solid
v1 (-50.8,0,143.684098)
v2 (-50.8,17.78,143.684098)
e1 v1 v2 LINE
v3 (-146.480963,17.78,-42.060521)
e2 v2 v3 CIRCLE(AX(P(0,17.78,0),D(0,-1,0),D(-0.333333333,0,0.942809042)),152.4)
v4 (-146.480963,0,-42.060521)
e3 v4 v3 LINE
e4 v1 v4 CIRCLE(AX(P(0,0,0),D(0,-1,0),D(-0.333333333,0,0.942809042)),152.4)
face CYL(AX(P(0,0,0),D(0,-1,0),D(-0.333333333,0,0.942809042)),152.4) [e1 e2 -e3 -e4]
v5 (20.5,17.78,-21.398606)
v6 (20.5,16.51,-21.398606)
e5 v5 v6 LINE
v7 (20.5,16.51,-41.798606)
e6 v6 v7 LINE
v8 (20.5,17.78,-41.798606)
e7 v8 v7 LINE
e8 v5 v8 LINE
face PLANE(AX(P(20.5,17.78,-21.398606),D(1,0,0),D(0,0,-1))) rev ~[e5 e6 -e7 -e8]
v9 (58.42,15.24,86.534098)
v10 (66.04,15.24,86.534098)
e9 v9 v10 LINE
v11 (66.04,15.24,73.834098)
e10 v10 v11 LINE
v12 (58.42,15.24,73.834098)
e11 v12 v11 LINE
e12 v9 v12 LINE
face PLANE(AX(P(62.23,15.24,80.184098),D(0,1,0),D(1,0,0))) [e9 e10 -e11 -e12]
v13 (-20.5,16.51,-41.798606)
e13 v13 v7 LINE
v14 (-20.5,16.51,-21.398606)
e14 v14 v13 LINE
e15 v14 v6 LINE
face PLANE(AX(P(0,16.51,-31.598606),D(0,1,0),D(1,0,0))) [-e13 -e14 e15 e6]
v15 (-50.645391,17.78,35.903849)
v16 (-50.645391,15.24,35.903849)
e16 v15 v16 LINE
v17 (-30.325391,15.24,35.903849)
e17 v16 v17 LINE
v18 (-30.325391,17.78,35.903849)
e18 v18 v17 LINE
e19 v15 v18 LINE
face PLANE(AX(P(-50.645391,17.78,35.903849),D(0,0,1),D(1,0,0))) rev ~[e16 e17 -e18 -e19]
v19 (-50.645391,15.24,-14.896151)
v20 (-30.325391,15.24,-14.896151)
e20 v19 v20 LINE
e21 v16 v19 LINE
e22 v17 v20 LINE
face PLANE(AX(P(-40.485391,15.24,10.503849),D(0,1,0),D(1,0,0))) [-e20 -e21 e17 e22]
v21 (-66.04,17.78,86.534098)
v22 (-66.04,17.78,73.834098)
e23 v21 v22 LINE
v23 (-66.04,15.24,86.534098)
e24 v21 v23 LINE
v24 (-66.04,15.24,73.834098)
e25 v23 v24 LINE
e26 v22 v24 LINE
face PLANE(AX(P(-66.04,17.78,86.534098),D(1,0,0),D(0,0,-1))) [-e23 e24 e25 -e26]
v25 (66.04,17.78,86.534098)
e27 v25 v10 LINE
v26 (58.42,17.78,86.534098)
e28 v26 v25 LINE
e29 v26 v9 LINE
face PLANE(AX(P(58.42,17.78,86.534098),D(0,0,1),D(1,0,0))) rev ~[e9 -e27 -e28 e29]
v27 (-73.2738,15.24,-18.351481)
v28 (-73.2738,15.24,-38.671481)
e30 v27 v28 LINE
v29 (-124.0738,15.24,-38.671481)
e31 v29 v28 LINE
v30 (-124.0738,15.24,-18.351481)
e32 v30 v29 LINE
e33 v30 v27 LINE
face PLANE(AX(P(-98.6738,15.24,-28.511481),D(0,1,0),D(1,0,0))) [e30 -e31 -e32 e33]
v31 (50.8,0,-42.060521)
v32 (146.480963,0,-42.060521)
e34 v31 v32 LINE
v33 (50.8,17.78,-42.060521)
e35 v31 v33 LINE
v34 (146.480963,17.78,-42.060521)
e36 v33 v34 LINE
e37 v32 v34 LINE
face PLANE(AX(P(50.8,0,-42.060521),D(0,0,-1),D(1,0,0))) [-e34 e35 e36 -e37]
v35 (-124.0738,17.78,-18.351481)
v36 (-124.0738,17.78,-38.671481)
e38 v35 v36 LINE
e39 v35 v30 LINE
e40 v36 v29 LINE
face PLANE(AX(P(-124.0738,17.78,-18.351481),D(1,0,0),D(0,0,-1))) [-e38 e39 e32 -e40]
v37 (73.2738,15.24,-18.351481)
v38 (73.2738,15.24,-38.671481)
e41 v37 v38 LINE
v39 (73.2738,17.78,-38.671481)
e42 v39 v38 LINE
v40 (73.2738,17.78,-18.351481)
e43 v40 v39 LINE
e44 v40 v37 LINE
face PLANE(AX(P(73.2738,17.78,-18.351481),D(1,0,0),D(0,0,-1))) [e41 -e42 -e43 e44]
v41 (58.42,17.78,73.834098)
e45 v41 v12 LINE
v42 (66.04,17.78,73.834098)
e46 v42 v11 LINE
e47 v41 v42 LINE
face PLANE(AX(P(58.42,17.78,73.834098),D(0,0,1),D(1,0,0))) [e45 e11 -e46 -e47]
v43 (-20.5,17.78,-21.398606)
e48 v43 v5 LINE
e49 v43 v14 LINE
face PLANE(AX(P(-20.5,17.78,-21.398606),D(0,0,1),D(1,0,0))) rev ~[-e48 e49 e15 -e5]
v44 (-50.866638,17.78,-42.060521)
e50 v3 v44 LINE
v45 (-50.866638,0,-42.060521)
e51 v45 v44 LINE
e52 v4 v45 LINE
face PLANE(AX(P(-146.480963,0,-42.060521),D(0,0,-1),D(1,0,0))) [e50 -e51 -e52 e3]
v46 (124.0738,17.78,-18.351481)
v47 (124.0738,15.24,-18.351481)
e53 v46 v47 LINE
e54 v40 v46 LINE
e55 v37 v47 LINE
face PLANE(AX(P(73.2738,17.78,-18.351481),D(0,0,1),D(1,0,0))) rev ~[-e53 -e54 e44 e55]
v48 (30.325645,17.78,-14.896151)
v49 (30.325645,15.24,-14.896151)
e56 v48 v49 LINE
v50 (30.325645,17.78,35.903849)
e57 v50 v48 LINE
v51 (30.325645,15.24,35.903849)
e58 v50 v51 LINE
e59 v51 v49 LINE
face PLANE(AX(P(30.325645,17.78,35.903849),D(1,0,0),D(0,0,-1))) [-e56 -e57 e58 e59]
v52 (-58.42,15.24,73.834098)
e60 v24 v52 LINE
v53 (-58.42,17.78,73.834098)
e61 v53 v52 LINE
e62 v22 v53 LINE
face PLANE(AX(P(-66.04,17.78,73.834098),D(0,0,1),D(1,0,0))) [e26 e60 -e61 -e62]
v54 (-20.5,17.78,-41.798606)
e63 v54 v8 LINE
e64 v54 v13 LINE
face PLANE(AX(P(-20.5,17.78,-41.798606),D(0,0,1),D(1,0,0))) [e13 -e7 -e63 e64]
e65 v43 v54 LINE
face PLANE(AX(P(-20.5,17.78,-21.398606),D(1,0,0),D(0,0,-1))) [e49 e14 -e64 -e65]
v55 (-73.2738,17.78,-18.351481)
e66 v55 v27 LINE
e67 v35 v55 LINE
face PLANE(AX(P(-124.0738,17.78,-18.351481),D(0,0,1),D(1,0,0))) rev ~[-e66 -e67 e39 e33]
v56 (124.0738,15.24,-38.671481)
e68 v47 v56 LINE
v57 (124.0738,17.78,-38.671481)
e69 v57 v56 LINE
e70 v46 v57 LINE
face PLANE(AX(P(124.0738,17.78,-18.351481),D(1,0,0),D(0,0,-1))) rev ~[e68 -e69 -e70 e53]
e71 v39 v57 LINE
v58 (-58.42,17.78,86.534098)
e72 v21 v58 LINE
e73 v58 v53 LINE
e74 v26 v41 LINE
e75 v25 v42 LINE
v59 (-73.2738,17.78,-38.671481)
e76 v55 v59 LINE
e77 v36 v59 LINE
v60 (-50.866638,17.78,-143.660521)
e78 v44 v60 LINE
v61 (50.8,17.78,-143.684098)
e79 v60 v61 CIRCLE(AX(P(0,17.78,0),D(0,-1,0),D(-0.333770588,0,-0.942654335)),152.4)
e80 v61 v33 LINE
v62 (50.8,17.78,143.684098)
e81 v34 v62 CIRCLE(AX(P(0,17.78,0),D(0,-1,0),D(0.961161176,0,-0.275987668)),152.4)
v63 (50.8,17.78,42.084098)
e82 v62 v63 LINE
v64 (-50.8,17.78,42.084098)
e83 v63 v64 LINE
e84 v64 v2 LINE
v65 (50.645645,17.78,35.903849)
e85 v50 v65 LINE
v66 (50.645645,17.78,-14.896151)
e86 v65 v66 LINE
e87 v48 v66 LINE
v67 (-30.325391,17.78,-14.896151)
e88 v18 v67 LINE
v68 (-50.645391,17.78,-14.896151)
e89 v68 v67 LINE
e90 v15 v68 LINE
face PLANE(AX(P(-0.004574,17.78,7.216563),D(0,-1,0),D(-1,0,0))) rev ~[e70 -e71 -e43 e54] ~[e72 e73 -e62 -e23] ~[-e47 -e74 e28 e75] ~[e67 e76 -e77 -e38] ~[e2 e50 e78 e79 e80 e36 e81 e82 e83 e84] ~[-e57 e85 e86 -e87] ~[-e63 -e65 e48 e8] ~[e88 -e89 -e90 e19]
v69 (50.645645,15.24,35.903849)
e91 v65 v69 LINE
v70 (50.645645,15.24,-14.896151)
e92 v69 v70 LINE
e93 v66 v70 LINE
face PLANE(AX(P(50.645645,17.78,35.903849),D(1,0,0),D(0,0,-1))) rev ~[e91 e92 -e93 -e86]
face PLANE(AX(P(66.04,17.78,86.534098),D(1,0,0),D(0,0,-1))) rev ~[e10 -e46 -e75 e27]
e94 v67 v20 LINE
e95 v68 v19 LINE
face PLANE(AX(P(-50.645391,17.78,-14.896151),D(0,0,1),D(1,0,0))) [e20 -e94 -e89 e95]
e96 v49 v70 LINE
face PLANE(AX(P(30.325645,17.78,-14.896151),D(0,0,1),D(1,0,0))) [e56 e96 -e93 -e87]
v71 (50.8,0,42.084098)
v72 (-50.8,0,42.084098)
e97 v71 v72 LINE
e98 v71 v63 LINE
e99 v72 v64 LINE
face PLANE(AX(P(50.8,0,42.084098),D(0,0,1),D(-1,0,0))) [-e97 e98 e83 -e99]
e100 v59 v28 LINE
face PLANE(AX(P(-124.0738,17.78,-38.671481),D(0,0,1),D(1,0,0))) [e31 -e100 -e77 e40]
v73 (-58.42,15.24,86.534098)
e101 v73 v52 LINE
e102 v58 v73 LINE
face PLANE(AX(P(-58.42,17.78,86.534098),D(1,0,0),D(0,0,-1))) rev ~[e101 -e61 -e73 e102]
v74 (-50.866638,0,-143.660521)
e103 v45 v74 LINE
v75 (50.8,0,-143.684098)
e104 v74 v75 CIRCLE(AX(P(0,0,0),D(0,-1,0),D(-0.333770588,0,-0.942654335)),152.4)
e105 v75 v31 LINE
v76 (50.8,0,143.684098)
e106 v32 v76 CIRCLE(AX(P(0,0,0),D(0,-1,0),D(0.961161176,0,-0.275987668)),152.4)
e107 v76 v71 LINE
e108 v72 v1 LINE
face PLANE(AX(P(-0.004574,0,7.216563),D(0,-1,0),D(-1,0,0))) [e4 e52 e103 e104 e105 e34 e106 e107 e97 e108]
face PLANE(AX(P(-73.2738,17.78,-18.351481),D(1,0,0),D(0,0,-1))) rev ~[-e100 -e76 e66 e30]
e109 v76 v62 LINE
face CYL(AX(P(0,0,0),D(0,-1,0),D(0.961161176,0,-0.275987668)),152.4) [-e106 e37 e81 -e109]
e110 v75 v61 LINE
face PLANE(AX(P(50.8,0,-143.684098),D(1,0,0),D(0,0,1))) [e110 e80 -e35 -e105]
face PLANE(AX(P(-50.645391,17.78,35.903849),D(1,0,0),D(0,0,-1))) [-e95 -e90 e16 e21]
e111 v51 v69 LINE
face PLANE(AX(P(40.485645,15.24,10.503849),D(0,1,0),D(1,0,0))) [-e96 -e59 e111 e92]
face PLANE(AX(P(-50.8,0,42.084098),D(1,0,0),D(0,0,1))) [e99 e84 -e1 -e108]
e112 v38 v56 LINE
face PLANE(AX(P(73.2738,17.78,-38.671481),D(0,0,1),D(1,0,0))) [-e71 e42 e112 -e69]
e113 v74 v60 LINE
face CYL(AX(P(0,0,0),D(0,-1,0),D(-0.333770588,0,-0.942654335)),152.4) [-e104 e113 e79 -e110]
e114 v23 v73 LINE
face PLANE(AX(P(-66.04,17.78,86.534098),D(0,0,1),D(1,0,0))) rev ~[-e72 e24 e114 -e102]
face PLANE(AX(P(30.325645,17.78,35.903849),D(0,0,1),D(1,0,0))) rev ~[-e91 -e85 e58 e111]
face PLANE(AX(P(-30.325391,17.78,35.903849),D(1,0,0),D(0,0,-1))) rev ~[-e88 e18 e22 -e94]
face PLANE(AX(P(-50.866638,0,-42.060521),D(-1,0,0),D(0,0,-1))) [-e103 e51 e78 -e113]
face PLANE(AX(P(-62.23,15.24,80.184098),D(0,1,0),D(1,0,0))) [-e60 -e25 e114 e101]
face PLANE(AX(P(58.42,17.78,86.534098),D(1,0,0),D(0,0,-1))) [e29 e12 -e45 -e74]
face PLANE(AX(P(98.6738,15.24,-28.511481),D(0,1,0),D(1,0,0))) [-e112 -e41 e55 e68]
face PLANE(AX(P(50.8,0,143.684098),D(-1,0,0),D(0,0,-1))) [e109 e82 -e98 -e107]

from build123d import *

# Parameters (mm, degrees)
BOSS_EXTRUDE1_DEPTH = 17.78
SKETCH2_W           = 41
SKETCH2_H           = 20.4
CUT_EXTRUDE1_DEPTH  = 1.27
SKETCH3_W           = 7.62
SKETCH3_H           = 12.7
CUT_EXTRUDE2_DEPTH  = 2.54
SKETCH4_W           = 50.8
SKETCH4_H           = 20.32
SKETCH4_W_2         = 20.32
SKETCH4_H_2         = 50.8
CUT_EXTRUDE3_DEPTH  = 2.54


with BuildPart() as part:
    # Sketch1 → Boss-Extrude1 (new body)
    with BuildSketch(Plane(origin=(0, 0, 0), x_dir=(1, 0, 0), z_dir=(0, 1, 0))):
        with BuildLine():
            Line((50.8, -42.084097937), (-50.8, -42.084097937))
            Line((-50.8, -42.084097937), (-50.8, -143.684097937))
            ThreePointArc((-50.8, -143.684097937), (-135.481402596, -69.789322613), (-146.480963287, 42.060520616))
            Line((-146.480963287, 42.060520616), (-50.866637556, 42.060520616))
            Line((-50.866637556, 42.060520616), (-50.866637556, 143.660520616))
            ThreePointArc((-50.866637556, 143.660520616), (-0.035342799, 152.399995902), (50.8, 143.684097937))
            Line((50.8, 143.684097937), (50.8, 42.060520616))
            Line((50.8, 42.060520616), (146.480963287, 42.060520616))
            ThreePointArc((146.480963287, 42.060520616), (135.481402596, -69.789322613), (50.8, -143.684097937))
            Line((50.8, -143.684097937), (50.8, -42.084097937))
        make_face()
    extrude(amount=BOSS_EXTRUDE1_DEPTH)

    # Sketch2 → Cut-Extrude1 (cut)
    with BuildSketch(Plane(origin=(0, 17.78, 0), x_dir=(1, 0, 0), z_dir=(0, 1, 0))):
        with Locations((0, 31.598605784)):
            Rectangle(SKETCH2_W, SKETCH2_H)
    extrude(amount=-CUT_EXTRUDE1_DEPTH, mode=Mode.SUBTRACT)

    # Sketch3 → Cut-Extrude2 (cut)
    with BuildSketch(Plane(origin=(0, 17.78, 0), x_dir=(1, 0, 0), z_dir=(0, 1, 0))):
        with Locations((-62.23, -80.184097937)):
            Rectangle(SKETCH3_W, SKETCH3_H)
        with Locations((62.23, -80.184097937)):
            Rectangle(SKETCH3_W, SKETCH3_H)
    extrude(amount=-CUT_EXTRUDE2_DEPTH, mode=Mode.SUBTRACT)

    # Sketch4 → Cut-Extrude3 (cut)
    with BuildSketch(Plane(origin=(0, 17.78, 0), x_dir=(1, 0, 0), z_dir=(0, 1, 0))):
        with Locations((-98.673800421, 28.511480762)):
            Rectangle(SKETCH4_W, SKETCH4_H)
        with Locations((98.673800421, 28.511480762)):
            Rectangle(SKETCH4_W, SKETCH4_H)
        with Locations((-40.485390627, -10.503849142)):
            Rectangle(SKETCH4_W_2, SKETCH4_H_2)
        with Locations((40.485644605, -10.503849142)):
            Rectangle(SKETCH4_W_2, SKETCH4_H_2)
    extrude(amount=-CUT_EXTRUDE3_DEPTH, mode=Mode.SUBTRACT)


solid = part.part
